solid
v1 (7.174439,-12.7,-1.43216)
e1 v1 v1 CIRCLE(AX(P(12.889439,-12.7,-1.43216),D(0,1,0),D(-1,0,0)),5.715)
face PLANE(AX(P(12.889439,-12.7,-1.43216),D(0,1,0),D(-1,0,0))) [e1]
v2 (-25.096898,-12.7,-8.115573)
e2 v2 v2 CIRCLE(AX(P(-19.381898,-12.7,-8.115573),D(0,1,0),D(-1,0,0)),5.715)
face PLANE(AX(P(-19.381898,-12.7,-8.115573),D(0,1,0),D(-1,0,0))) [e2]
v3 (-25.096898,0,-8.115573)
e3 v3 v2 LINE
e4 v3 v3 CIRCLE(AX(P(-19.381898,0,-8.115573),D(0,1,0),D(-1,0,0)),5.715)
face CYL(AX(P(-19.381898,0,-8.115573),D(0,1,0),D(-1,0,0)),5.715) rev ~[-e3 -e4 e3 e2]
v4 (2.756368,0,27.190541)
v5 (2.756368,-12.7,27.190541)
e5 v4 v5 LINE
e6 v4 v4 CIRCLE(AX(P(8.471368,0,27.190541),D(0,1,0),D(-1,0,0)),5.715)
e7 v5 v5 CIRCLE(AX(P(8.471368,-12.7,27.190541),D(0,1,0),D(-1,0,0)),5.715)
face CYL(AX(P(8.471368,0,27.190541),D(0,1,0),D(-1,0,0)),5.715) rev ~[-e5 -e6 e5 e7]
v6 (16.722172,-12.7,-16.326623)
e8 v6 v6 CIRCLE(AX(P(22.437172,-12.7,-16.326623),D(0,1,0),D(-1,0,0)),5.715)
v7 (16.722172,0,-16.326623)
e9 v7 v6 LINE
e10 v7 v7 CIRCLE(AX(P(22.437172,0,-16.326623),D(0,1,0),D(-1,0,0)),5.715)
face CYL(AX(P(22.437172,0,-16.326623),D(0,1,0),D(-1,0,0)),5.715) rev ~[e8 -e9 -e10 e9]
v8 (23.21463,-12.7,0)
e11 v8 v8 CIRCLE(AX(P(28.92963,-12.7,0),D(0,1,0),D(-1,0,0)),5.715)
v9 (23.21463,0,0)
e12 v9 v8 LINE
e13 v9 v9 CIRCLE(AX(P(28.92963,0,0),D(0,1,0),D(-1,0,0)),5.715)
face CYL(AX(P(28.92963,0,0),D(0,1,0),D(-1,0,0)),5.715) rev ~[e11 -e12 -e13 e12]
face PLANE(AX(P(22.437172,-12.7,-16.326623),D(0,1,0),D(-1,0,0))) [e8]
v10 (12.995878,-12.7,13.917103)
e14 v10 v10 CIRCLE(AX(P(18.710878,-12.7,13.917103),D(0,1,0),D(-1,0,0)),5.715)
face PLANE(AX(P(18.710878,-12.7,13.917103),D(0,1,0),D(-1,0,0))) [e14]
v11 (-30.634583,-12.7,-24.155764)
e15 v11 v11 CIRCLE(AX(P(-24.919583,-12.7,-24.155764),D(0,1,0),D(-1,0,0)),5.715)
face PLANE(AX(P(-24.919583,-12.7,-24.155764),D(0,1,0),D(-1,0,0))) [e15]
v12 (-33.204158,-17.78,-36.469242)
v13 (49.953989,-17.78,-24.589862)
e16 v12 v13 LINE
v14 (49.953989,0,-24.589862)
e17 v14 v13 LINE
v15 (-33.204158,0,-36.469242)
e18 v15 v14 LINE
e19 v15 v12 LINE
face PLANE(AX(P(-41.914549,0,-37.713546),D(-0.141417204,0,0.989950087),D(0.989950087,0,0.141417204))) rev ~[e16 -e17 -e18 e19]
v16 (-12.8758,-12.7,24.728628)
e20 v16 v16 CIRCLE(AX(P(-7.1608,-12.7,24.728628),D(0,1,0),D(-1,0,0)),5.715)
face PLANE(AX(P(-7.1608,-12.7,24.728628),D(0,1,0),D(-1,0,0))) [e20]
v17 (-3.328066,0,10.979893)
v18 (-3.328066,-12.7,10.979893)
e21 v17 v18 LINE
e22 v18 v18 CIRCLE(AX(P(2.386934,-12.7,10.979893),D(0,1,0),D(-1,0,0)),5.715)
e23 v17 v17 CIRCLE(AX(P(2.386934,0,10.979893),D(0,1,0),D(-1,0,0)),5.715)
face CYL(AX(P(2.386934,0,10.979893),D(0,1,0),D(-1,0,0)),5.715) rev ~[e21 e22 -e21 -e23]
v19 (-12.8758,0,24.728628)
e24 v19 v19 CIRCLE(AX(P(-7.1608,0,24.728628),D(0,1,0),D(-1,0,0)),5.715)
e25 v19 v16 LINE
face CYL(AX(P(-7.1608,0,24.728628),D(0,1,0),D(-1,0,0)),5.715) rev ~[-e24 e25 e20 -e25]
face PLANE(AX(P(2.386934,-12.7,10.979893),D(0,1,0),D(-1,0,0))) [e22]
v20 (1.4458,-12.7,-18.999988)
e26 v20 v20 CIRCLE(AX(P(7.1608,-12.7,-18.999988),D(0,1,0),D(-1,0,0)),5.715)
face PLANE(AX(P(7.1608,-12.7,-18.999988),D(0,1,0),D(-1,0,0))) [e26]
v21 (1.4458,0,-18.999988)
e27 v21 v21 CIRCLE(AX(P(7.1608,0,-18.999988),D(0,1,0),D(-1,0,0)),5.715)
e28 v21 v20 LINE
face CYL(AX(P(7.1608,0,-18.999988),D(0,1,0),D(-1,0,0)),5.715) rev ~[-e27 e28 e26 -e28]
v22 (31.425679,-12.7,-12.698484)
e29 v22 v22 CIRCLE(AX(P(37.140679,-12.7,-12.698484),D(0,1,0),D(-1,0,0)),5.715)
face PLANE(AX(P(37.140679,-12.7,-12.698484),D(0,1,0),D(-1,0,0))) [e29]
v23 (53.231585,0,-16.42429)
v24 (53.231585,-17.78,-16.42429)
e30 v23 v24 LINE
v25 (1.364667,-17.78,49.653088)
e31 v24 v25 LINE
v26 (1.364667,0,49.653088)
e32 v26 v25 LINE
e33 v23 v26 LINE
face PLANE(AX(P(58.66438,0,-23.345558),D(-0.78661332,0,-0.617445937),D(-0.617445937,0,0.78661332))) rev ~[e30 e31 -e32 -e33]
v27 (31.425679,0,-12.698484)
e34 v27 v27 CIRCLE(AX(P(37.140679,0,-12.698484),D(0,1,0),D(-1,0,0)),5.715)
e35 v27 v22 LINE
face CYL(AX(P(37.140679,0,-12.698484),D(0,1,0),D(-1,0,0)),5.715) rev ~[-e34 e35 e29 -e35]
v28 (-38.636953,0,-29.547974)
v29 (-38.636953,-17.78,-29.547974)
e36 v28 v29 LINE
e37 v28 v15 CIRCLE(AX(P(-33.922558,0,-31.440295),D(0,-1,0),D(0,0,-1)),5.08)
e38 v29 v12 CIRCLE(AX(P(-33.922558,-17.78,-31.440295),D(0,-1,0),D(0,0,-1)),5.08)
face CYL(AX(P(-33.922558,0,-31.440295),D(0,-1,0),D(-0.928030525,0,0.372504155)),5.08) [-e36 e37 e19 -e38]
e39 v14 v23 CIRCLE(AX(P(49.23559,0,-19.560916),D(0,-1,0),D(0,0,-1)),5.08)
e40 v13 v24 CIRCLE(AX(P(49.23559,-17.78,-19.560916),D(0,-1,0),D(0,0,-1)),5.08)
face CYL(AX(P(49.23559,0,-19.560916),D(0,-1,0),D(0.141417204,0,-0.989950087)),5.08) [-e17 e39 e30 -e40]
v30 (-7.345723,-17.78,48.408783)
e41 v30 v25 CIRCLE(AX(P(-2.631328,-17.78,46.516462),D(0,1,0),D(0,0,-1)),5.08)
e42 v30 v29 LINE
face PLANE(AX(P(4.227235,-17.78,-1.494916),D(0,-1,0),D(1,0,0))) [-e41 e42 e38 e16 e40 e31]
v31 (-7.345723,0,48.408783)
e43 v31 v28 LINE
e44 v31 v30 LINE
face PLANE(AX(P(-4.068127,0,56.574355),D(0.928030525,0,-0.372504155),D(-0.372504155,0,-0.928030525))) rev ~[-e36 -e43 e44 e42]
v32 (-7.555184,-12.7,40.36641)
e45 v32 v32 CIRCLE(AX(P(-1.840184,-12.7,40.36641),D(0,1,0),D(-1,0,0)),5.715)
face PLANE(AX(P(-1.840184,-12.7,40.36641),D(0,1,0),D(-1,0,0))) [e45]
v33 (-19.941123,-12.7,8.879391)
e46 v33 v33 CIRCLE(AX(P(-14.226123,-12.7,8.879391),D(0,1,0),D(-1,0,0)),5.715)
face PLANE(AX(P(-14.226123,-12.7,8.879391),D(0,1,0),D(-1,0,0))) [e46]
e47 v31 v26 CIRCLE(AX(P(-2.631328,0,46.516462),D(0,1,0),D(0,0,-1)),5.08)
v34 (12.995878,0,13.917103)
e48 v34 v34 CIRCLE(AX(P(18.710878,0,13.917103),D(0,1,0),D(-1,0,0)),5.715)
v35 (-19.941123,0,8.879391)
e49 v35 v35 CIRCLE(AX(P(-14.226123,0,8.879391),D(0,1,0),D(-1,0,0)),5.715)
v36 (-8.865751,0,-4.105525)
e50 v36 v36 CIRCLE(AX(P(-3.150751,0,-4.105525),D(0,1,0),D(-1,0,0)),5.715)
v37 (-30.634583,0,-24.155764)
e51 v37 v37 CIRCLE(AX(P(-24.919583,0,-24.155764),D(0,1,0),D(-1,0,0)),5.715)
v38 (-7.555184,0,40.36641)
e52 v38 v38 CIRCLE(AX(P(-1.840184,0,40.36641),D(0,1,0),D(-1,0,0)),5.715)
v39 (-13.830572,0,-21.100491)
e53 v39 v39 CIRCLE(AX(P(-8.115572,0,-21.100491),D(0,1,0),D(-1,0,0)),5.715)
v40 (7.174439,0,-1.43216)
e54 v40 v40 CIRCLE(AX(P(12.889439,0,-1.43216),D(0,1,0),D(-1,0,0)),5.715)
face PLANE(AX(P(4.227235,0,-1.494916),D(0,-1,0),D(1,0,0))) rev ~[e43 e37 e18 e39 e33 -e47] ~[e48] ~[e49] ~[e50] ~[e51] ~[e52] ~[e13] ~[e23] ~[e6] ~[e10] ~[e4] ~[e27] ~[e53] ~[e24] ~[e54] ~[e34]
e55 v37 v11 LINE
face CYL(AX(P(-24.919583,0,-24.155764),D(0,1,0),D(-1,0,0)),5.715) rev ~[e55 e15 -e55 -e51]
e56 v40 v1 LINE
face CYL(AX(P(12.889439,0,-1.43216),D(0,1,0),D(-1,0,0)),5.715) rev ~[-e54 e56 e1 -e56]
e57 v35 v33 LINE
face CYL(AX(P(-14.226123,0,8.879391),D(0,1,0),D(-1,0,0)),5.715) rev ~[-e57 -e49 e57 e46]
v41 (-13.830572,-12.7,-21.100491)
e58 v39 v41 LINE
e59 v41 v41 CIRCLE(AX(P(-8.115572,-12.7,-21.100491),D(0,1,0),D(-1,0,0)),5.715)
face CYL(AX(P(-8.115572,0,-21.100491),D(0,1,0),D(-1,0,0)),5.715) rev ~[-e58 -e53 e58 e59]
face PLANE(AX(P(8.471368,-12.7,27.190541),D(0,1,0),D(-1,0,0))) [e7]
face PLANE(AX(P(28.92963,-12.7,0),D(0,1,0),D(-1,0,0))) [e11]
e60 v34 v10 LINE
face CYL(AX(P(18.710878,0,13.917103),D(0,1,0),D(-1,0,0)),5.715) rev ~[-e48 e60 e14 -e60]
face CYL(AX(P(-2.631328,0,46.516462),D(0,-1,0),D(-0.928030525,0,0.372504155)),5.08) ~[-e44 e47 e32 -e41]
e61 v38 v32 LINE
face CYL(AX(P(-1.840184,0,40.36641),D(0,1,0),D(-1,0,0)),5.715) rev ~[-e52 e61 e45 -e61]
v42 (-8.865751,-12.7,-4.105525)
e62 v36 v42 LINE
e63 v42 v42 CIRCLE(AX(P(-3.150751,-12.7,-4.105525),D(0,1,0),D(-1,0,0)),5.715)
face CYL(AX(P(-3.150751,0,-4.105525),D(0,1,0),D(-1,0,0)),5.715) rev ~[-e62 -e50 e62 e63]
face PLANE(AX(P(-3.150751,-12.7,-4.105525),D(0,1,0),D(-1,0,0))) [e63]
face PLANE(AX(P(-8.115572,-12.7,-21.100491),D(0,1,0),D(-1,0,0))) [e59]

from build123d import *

# Parameters (mm, degrees)
F1_DEPTH = 17.78
F2_R     = 5.08
F4_R     = 5.715
F5_DEPTH = 12.7


with BuildPart() as f1:
    # F0 (on Front) → F1 (new body)
    with BuildSketch(Plane.XZ):
        Polygon((-4.068127, 56.574355), (-41.914549, -37.713546), (58.66438, -23.345558), align=None)
    extrude(amount=F1_DEPTH)

    # F2
    f2_edges = [f1.edges().sort_by_distance(p)[0] for p in [
        (-4.068127, -8.89, 56.574355),
        (58.66438, -8.89, -23.345558),
        (-41.914549, -8.89, -37.713546),
    ]]
    fillet(f2_edges, radius=F2_R)

    # F4 (on face) → F5 (cut)
    with BuildSketch(Plane(origin=(0, 0, 0), x_dir=(-1, 0, 0), z_dir=(0, 1, 0))):
        with Locations((1.840184, 40.36641)):
            Circle(F4_R)
        with Locations((-8.471368, 27.190541)):
            Circle(F4_R)
        with Locations((7.1608, 24.728628)):
            Circle(F4_R)
        with Locations((-18.710878, 13.917103)):
            Circle(F4_R)
        with Locations((-2.386934, 10.979893)):
            Circle(F4_R)
        with Locations((14.226123, 8.879391)):
            Circle(F4_R)
        with Locations((-12.889439, -1.43216)):
            Circle(F4_R)
        with Locations((3.150751, -4.105525)):
            Circle(F4_R)
        with Locations((19.381898, -8.115573)):
            Circle(F4_R)
        with Locations((-22.437172, -16.326623)):
            Circle(F4_R)
        with Locations((-7.1608, -18.999988)):
            Circle(F4_R)
        with Locations((8.115572, -21.100491)):
            Circle(F4_R)
        with Locations((-28.92963, 0)):
            Circle(F4_R)
        with Locations((-37.140679, -12.698484)):
            Circle(F4_R)
        with Locations((24.919583, -24.155764)):
            Circle(F4_R)
    extrude(amount=-F5_DEPTH, mode=Mode.SUBTRACT)


solid = f1.part
